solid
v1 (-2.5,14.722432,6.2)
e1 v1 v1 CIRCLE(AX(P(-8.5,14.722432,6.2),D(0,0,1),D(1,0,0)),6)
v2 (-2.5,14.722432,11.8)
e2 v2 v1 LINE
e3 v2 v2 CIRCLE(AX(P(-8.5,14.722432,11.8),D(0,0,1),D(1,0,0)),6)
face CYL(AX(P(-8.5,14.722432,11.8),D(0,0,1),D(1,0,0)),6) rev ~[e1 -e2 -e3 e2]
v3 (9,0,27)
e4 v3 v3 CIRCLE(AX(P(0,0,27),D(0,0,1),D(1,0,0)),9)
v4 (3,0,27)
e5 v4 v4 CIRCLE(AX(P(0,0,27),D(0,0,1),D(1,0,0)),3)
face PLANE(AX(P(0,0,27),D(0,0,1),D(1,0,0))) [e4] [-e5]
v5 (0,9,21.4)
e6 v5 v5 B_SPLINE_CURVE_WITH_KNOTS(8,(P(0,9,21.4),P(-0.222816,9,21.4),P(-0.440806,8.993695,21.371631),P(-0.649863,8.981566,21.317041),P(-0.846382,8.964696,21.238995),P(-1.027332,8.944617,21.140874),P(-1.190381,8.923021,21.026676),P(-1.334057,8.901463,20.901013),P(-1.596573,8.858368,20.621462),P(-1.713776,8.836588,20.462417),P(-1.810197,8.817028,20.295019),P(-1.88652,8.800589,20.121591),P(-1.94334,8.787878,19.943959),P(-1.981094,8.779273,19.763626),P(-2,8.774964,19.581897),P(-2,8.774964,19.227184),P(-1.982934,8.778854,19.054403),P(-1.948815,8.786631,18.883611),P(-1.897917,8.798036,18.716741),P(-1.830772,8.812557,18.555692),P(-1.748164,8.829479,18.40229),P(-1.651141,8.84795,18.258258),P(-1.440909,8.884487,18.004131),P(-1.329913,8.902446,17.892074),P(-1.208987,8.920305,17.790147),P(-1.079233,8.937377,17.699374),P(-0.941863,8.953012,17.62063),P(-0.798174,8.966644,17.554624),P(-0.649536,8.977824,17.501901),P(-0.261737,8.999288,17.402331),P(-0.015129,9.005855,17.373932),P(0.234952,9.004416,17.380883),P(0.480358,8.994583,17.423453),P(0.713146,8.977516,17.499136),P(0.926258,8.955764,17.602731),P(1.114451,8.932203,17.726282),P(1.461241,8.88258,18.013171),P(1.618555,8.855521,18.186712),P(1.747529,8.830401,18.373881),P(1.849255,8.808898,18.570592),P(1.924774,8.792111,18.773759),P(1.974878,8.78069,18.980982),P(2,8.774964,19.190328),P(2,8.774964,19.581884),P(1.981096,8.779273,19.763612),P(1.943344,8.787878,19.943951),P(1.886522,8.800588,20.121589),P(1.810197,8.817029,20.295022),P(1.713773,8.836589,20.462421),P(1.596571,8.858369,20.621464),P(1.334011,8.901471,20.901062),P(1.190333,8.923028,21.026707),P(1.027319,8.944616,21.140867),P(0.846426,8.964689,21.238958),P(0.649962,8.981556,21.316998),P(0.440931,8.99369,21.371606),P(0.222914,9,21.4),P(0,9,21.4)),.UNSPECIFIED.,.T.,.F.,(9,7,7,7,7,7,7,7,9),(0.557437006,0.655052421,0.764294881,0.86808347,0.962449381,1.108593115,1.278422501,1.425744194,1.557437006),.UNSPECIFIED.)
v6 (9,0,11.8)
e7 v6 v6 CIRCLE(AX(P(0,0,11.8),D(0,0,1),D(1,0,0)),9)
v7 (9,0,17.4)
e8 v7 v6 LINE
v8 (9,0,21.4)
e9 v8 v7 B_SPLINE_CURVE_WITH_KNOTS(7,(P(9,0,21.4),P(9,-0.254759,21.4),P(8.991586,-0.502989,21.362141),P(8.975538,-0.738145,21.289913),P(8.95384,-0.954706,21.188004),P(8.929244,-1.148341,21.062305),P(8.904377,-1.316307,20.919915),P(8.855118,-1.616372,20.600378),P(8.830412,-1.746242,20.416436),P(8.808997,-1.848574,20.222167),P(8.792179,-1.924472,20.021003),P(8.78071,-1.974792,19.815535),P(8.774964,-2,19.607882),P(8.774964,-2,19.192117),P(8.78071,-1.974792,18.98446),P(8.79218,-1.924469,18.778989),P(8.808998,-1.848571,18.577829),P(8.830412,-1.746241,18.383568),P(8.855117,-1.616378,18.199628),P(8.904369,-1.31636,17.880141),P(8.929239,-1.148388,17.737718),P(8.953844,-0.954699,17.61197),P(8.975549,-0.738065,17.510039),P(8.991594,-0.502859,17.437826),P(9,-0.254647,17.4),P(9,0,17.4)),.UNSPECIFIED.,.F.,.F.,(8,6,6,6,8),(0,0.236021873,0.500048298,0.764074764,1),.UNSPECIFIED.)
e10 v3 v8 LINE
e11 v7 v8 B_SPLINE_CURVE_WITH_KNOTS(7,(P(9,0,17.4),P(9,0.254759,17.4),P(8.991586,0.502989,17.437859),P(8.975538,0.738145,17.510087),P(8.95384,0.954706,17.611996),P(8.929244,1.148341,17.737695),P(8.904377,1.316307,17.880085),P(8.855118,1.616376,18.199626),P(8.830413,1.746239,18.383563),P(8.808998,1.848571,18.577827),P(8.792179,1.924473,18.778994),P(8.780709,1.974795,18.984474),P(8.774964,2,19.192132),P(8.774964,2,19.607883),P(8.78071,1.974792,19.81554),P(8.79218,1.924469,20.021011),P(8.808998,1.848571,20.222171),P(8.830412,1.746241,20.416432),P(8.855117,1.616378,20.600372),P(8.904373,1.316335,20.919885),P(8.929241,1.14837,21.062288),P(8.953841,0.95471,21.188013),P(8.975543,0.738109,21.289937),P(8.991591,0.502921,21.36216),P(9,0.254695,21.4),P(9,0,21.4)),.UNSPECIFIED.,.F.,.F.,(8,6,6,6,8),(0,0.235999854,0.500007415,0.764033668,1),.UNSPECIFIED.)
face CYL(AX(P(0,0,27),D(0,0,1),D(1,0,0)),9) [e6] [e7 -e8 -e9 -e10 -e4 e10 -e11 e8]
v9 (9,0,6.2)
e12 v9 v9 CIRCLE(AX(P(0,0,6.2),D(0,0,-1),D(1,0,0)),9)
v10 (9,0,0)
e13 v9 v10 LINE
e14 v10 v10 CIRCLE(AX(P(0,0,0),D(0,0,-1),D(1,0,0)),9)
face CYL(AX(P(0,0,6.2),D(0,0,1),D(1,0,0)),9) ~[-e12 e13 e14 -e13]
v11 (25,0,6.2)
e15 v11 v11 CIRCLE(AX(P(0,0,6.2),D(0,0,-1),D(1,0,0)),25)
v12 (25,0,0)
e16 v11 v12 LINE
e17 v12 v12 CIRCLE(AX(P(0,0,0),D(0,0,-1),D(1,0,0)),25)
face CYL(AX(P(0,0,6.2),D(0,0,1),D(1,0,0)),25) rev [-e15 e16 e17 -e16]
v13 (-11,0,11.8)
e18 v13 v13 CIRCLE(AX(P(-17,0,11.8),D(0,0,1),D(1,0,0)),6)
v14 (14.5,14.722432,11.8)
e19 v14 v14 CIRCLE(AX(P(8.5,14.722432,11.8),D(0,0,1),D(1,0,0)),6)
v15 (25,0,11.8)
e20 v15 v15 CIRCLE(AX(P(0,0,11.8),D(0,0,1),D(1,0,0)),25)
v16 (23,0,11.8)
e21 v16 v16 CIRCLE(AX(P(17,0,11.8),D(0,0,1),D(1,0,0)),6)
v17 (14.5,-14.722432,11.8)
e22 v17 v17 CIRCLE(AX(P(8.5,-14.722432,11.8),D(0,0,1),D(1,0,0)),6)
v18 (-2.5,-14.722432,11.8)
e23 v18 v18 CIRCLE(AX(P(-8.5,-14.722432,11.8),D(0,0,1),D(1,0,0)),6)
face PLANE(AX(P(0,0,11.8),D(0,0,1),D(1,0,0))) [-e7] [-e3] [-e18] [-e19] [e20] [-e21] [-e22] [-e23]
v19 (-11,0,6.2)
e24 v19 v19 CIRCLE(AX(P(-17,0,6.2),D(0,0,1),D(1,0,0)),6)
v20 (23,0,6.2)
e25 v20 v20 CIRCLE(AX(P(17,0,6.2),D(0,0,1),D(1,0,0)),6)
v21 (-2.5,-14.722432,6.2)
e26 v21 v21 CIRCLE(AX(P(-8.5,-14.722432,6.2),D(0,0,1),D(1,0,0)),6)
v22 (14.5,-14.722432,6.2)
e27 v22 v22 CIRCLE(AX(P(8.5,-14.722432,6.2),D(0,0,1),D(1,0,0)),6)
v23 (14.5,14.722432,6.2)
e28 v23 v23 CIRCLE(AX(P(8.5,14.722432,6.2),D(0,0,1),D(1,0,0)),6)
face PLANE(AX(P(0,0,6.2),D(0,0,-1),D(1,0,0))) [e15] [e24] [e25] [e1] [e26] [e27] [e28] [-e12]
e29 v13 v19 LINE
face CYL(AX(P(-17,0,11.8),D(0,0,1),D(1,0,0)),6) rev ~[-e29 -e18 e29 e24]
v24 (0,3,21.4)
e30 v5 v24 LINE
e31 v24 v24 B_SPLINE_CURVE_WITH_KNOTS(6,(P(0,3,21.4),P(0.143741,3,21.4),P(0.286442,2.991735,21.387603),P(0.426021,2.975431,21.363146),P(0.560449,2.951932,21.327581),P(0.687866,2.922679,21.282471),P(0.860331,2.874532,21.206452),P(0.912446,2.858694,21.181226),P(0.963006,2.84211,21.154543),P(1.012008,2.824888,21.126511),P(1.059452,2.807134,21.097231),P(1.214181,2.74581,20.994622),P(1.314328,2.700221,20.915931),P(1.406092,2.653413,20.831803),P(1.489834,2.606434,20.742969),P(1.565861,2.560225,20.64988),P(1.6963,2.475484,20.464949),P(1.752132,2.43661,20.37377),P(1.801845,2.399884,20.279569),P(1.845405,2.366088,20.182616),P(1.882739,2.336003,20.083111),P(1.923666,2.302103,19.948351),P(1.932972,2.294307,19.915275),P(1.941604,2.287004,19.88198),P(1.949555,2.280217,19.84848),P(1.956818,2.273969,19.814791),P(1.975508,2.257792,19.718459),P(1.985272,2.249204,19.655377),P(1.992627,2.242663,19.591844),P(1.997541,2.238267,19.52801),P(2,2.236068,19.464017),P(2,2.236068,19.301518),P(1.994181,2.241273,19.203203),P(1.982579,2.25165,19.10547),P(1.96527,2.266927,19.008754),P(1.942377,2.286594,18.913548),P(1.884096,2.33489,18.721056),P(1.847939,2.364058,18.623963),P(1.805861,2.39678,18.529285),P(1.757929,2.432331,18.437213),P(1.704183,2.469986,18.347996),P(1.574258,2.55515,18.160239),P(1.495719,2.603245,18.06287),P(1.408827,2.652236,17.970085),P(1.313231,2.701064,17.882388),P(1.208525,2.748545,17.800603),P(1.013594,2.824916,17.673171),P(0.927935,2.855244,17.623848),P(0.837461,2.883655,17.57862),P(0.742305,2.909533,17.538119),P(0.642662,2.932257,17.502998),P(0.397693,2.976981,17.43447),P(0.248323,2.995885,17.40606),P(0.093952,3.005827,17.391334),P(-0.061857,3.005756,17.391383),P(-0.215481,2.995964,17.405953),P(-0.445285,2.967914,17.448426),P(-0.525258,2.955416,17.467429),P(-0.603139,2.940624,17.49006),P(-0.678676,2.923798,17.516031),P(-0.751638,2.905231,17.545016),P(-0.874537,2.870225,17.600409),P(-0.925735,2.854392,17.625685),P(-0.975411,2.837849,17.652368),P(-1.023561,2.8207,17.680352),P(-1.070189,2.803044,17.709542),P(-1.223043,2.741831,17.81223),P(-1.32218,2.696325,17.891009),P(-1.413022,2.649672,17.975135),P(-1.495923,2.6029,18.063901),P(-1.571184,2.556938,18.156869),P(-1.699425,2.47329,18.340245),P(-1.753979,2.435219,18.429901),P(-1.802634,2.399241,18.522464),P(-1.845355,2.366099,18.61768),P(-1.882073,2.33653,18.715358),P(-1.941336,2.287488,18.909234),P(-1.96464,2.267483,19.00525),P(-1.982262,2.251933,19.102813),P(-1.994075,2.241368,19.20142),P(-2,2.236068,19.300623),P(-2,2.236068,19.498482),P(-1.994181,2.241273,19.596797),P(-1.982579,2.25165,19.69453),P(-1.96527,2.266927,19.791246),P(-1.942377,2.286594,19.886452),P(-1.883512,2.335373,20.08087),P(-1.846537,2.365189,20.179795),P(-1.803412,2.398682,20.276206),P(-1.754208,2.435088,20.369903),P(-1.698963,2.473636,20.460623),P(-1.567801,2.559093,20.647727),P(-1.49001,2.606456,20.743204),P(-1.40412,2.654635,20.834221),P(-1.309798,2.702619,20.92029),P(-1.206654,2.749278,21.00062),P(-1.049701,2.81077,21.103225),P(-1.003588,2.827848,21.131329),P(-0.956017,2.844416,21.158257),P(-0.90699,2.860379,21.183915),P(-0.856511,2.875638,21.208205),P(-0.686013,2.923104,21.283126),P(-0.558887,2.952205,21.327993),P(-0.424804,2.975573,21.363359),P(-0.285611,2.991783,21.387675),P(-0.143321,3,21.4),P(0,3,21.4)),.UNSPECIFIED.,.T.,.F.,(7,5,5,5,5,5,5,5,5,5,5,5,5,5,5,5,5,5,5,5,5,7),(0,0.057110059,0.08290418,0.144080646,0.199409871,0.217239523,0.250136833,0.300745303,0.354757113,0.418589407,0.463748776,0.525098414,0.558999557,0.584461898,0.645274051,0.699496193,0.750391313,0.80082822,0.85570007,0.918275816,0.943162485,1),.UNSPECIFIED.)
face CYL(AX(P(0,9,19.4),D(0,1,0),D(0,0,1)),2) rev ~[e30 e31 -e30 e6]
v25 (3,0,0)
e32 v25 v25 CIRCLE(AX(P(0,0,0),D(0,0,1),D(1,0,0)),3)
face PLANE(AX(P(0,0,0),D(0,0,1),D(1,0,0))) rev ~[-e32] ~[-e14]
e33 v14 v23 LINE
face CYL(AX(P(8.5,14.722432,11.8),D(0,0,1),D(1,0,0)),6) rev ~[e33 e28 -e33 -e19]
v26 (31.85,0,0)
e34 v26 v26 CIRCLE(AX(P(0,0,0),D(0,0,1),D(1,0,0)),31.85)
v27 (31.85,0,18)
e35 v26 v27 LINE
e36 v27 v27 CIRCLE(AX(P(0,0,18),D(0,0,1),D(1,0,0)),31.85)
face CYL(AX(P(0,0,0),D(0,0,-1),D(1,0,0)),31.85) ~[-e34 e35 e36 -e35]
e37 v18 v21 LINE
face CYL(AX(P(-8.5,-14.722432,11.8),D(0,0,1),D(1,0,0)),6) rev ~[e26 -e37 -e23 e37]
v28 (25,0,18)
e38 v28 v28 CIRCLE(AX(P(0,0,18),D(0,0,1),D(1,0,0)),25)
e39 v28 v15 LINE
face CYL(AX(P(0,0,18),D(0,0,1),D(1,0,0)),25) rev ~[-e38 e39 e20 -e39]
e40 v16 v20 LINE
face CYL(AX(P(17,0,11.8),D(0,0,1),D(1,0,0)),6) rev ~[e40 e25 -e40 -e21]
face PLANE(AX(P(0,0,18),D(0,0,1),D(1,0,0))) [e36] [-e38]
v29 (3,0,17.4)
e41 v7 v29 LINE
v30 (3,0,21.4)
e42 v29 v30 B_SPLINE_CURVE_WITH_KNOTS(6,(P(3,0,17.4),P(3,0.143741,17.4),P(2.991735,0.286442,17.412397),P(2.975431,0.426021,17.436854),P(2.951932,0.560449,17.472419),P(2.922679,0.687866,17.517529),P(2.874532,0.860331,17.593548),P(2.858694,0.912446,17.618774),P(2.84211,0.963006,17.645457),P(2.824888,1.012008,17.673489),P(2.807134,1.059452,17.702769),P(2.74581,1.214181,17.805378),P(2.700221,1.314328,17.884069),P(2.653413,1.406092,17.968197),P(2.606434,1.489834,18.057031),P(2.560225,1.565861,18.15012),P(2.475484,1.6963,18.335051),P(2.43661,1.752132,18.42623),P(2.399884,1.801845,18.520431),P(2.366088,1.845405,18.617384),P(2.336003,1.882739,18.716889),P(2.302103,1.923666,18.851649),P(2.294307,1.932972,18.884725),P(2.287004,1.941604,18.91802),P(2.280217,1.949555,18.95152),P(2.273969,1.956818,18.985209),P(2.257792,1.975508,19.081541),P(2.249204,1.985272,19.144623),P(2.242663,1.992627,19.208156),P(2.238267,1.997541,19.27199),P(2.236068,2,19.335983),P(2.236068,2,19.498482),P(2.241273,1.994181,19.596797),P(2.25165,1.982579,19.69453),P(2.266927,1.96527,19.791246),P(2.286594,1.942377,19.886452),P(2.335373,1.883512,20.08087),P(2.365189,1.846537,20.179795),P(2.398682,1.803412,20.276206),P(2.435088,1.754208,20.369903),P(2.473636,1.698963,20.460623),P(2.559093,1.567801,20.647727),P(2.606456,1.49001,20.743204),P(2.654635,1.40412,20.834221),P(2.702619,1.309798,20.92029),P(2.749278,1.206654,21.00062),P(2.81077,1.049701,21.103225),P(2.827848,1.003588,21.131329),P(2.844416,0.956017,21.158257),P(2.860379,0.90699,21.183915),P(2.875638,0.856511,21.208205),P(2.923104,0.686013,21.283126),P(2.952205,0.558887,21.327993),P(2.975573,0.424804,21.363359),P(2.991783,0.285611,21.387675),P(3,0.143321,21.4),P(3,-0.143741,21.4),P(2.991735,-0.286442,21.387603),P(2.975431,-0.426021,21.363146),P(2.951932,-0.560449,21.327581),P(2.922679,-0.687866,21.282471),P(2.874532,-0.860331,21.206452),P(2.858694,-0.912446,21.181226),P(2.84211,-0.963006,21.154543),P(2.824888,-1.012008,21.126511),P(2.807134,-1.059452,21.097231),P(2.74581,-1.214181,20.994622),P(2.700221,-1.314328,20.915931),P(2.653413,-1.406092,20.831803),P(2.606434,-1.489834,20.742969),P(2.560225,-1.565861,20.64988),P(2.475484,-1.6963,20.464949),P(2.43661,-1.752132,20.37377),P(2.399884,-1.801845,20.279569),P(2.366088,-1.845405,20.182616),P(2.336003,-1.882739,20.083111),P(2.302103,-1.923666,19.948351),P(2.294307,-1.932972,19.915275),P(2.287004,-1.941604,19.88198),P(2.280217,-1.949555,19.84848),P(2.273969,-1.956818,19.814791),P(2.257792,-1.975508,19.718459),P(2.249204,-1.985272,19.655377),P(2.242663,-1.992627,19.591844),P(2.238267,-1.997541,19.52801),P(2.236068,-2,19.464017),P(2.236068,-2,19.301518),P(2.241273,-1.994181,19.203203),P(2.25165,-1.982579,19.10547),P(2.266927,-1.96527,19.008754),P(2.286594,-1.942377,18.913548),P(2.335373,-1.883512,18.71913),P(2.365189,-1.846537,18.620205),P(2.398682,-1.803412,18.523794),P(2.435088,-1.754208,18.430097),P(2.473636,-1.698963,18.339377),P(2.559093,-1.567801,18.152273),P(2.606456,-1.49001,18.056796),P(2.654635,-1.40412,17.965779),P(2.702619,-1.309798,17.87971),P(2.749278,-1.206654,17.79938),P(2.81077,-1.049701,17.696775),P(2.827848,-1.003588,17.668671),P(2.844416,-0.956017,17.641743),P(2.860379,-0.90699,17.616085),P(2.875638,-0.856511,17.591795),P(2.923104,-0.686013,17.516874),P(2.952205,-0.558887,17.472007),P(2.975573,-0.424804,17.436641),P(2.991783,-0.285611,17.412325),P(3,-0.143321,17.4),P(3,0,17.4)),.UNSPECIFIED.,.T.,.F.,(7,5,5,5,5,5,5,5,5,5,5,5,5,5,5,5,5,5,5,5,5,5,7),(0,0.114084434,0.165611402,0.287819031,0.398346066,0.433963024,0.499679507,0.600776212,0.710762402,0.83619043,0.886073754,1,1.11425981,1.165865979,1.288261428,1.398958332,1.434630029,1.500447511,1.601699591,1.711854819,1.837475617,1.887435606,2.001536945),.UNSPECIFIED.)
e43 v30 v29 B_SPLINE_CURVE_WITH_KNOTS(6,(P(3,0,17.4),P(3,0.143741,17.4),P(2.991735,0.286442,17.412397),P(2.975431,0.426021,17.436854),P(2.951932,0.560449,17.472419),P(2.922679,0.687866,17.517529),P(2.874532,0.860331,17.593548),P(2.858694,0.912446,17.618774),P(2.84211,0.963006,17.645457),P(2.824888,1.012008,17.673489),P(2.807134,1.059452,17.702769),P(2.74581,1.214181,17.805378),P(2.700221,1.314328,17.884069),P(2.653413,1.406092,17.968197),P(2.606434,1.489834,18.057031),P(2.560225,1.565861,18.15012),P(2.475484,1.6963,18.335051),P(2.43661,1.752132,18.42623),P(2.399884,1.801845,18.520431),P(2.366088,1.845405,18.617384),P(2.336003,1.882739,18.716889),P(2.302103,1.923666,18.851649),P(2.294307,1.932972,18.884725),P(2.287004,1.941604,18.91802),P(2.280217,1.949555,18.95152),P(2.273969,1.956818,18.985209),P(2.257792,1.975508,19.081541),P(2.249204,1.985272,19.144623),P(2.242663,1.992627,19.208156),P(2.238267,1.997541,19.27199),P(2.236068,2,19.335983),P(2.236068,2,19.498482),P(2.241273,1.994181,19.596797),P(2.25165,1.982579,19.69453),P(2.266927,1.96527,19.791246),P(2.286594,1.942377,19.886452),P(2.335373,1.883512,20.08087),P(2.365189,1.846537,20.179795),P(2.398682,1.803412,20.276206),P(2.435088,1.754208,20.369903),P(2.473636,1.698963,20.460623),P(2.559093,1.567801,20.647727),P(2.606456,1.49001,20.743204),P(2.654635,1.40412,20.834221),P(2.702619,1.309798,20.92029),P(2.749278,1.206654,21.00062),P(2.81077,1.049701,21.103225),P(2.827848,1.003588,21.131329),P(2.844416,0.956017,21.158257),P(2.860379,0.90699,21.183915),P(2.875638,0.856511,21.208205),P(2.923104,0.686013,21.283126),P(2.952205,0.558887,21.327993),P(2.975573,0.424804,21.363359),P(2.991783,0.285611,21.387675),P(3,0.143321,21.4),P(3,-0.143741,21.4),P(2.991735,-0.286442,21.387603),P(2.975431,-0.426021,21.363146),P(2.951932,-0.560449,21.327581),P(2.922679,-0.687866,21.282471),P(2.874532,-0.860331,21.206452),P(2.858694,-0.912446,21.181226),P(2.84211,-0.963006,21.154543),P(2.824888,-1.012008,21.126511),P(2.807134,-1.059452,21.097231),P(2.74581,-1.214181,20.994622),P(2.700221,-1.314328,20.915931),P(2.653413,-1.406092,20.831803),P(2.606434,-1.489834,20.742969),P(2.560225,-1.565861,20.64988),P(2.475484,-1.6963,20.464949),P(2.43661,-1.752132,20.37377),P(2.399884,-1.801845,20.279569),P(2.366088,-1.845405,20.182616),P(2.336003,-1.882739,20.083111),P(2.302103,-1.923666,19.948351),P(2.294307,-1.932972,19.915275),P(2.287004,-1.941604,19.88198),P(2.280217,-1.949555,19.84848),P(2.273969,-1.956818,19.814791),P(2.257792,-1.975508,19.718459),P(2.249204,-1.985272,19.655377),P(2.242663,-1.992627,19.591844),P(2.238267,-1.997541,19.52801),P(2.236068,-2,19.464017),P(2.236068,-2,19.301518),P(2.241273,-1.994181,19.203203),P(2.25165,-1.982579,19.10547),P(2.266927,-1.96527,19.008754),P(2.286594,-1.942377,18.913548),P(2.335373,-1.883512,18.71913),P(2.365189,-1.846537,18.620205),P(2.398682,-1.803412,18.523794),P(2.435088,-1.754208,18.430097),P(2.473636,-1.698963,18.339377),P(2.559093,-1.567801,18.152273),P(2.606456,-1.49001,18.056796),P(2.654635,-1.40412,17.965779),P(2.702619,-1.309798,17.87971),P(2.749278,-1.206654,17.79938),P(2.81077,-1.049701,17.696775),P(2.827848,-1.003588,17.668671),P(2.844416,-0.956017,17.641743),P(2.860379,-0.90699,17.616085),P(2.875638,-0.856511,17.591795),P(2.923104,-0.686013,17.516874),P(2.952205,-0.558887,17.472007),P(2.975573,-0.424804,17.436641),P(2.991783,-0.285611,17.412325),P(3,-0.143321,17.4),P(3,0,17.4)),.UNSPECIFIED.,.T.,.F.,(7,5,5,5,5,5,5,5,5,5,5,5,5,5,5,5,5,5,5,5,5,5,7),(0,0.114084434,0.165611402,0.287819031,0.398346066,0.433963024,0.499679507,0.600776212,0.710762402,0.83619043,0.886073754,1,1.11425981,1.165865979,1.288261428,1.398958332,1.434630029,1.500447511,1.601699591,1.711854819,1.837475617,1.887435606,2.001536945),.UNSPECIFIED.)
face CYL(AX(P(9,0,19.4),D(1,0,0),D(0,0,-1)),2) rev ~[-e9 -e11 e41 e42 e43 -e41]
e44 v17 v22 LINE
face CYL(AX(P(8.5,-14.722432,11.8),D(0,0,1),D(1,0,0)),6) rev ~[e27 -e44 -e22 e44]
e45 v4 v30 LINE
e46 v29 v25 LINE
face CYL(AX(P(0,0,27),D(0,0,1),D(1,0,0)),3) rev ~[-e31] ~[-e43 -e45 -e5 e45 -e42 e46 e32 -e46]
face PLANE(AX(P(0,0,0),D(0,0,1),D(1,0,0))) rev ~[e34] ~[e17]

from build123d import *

# Parameters (mm, degrees)
SKETCH_1_R                = 31.85
EXTRUDE_1_DEPTH           = 18
SKETCH_2_R                = 25
SKETCH_2_R_2              = 9
CUT_EXTRUDE_1_DEPTH       = 6.2
CUT_EXTRUDE_START         = -6.2
SKETCH_3_R                = 25
SKETCH_3_R_2              = 9
CUT_EXTRUDE_5_DEPTH       = 6.2
EXTRUDE_START             = 9
SKETCH_4_R                = 9
EXTRUDE_2_DEPTH           = 9
SKETCH_5_R                = 3
CUT_EXTRUDE_6_DEPTH       = 53.515188279
SKETCH_6_R                = 6
CUT_EXTRUDE_7_DEPTH       = 48.538247759
CUT_EXTRUDE_10_REACH      = 60.414
CUT_EXTRUDE_10_END_RADIUS = 3
SKETCH_10_R               = 2
CUT_EXTRUDE_11_REACH      = 60.414
CUT_EXTRUDE_11_END_RADIUS = 3
SKETCH_7_R                = 2


with BuildPart() as part:
    # 草图1 → 凸台-拉伸1 (new body)
    with BuildSketch(Plane.XY):
        Circle(SKETCH_1_R)
    extrude(amount=EXTRUDE_1_DEPTH)

    # 草图2 → 切除-拉伸1 (cut)
    with BuildSketch(Plane.XY.offset(18)):
        Circle(SKETCH_2_R)
        Circle(SKETCH_2_R_2, mode=Mode.SUBTRACT)
    extrude(amount=-CUT_EXTRUDE_1_DEPTH, mode=Mode.SUBTRACT)

    # 草图3 → 切除-拉伸5 (cut)
    with BuildSketch(Plane(origin=(0, 0, 0), x_dir=(-1, 0, 0), z_dir=(0, 0, -1)).offset(CUT_EXTRUDE_START)):
        with Locations(Location((0, 0, 0), (0, 0, 180))):
            Circle(SKETCH_3_R)
        with Locations(Location((0, 0, 0), (0, 0, 180))):
            Circle(SKETCH_3_R_2, mode=Mode.SUBTRACT)
    extrude(amount=CUT_EXTRUDE_5_DEPTH, mode=Mode.SUBTRACT)

    # 草图4 → 凸台-拉伸2 (add)
    with BuildSketch(Plane.XY.offset(18).offset(EXTRUDE_START)):
        Circle(SKETCH_4_R)
    extrude(amount=-EXTRUDE_2_DEPTH)

    # 草图5 → 切除-拉伸6 (cut, through all)
    with BuildSketch(Plane.XY.offset(27)):
        Circle(SKETCH_5_R)
    extrude(amount=-CUT_EXTRUDE_6_DEPTH, mode=Mode.SUBTRACT)

    # 草图6 → 切除-拉伸7 (cut, through all)
    with BuildSketch(Plane.XY.offset(11.8)):
        with Locations((-17, 0)):
            Circle(SKETCH_6_R)
        with Locations((-8.5, 14.722431864)):
            Circle(SKETCH_6_R)
        with Locations((8.5, 14.722431864)):
            Circle(SKETCH_6_R)
        with Locations((17, 0)):
            Circle(SKETCH_6_R)
        with Locations((8.5, -14.722431864)):
            Circle(SKETCH_6_R)
        with Locations((-8.5, -14.722431864)):
            Circle(SKETCH_6_R)
    extrude(amount=-CUT_EXTRUDE_7_DEPTH, mode=Mode.SUBTRACT)

    # 切除-拉伸10: up to this cylinder (the profile starts outside it)
    cut_extrude_10_end = Plane(origin=(0, 0, 19.4), z_dir=(0, 0, 1)) * Cylinder(CUT_EXTRUDE_10_END_RADIUS, 127.828, mode=Mode.PRIVATE)
    # 草图10 → 切除-拉伸10 (cut, up to the surface)
    with BuildSketch(Plane(origin=(0, 9, 0), x_dir=(1, 0, 0), z_dir=(0, 1, 0)), mode=Mode.PRIVATE) as cut_extrude_10_sk1:
        with Locations(Location((0, -19.4, 0), (0, 0, 270))):
            Circle(SKETCH_10_R)
    cut_extrude_10_tool1 = extrude(cut_extrude_10_sk1.sketch, amount=-CUT_EXTRUDE_10_REACH, mode=Mode.PRIVATE) - cut_extrude_10_end
    add(cut_extrude_10_tool1.solids().sort_by_distance((0, 9, 19.4))[0], mode=Mode.SUBTRACT)

    # 切除-拉伸11: up to this cylinder (the profile starts outside it)
    cut_extrude_11_end = Plane(origin=(0, 0, 19.4), z_dir=(0, 0, 1)) * Cylinder(CUT_EXTRUDE_11_END_RADIUS, 127.828, mode=Mode.PRIVATE)
    # 草图7 → 切除-拉伸11 (cut, up to the surface)
    with BuildSketch(Plane(origin=(9, 0, 0), x_dir=(0, 0, -1), z_dir=(1, 0, 0)), mode=Mode.PRIVATE) as cut_extrude_11_sk1:
        with Locations((-19.4, 0)):
            Circle(SKETCH_7_R)
    cut_extrude_11_tool1 = extrude(cut_extrude_11_sk1.sketch, amount=-CUT_EXTRUDE_11_REACH, mode=Mode.PRIVATE) - cut_extrude_11_end
    add(cut_extrude_11_tool1.solids().sort_by_distance((9, 0, 19.4))[0], mode=Mode.SUBTRACT)


solid = part.part
